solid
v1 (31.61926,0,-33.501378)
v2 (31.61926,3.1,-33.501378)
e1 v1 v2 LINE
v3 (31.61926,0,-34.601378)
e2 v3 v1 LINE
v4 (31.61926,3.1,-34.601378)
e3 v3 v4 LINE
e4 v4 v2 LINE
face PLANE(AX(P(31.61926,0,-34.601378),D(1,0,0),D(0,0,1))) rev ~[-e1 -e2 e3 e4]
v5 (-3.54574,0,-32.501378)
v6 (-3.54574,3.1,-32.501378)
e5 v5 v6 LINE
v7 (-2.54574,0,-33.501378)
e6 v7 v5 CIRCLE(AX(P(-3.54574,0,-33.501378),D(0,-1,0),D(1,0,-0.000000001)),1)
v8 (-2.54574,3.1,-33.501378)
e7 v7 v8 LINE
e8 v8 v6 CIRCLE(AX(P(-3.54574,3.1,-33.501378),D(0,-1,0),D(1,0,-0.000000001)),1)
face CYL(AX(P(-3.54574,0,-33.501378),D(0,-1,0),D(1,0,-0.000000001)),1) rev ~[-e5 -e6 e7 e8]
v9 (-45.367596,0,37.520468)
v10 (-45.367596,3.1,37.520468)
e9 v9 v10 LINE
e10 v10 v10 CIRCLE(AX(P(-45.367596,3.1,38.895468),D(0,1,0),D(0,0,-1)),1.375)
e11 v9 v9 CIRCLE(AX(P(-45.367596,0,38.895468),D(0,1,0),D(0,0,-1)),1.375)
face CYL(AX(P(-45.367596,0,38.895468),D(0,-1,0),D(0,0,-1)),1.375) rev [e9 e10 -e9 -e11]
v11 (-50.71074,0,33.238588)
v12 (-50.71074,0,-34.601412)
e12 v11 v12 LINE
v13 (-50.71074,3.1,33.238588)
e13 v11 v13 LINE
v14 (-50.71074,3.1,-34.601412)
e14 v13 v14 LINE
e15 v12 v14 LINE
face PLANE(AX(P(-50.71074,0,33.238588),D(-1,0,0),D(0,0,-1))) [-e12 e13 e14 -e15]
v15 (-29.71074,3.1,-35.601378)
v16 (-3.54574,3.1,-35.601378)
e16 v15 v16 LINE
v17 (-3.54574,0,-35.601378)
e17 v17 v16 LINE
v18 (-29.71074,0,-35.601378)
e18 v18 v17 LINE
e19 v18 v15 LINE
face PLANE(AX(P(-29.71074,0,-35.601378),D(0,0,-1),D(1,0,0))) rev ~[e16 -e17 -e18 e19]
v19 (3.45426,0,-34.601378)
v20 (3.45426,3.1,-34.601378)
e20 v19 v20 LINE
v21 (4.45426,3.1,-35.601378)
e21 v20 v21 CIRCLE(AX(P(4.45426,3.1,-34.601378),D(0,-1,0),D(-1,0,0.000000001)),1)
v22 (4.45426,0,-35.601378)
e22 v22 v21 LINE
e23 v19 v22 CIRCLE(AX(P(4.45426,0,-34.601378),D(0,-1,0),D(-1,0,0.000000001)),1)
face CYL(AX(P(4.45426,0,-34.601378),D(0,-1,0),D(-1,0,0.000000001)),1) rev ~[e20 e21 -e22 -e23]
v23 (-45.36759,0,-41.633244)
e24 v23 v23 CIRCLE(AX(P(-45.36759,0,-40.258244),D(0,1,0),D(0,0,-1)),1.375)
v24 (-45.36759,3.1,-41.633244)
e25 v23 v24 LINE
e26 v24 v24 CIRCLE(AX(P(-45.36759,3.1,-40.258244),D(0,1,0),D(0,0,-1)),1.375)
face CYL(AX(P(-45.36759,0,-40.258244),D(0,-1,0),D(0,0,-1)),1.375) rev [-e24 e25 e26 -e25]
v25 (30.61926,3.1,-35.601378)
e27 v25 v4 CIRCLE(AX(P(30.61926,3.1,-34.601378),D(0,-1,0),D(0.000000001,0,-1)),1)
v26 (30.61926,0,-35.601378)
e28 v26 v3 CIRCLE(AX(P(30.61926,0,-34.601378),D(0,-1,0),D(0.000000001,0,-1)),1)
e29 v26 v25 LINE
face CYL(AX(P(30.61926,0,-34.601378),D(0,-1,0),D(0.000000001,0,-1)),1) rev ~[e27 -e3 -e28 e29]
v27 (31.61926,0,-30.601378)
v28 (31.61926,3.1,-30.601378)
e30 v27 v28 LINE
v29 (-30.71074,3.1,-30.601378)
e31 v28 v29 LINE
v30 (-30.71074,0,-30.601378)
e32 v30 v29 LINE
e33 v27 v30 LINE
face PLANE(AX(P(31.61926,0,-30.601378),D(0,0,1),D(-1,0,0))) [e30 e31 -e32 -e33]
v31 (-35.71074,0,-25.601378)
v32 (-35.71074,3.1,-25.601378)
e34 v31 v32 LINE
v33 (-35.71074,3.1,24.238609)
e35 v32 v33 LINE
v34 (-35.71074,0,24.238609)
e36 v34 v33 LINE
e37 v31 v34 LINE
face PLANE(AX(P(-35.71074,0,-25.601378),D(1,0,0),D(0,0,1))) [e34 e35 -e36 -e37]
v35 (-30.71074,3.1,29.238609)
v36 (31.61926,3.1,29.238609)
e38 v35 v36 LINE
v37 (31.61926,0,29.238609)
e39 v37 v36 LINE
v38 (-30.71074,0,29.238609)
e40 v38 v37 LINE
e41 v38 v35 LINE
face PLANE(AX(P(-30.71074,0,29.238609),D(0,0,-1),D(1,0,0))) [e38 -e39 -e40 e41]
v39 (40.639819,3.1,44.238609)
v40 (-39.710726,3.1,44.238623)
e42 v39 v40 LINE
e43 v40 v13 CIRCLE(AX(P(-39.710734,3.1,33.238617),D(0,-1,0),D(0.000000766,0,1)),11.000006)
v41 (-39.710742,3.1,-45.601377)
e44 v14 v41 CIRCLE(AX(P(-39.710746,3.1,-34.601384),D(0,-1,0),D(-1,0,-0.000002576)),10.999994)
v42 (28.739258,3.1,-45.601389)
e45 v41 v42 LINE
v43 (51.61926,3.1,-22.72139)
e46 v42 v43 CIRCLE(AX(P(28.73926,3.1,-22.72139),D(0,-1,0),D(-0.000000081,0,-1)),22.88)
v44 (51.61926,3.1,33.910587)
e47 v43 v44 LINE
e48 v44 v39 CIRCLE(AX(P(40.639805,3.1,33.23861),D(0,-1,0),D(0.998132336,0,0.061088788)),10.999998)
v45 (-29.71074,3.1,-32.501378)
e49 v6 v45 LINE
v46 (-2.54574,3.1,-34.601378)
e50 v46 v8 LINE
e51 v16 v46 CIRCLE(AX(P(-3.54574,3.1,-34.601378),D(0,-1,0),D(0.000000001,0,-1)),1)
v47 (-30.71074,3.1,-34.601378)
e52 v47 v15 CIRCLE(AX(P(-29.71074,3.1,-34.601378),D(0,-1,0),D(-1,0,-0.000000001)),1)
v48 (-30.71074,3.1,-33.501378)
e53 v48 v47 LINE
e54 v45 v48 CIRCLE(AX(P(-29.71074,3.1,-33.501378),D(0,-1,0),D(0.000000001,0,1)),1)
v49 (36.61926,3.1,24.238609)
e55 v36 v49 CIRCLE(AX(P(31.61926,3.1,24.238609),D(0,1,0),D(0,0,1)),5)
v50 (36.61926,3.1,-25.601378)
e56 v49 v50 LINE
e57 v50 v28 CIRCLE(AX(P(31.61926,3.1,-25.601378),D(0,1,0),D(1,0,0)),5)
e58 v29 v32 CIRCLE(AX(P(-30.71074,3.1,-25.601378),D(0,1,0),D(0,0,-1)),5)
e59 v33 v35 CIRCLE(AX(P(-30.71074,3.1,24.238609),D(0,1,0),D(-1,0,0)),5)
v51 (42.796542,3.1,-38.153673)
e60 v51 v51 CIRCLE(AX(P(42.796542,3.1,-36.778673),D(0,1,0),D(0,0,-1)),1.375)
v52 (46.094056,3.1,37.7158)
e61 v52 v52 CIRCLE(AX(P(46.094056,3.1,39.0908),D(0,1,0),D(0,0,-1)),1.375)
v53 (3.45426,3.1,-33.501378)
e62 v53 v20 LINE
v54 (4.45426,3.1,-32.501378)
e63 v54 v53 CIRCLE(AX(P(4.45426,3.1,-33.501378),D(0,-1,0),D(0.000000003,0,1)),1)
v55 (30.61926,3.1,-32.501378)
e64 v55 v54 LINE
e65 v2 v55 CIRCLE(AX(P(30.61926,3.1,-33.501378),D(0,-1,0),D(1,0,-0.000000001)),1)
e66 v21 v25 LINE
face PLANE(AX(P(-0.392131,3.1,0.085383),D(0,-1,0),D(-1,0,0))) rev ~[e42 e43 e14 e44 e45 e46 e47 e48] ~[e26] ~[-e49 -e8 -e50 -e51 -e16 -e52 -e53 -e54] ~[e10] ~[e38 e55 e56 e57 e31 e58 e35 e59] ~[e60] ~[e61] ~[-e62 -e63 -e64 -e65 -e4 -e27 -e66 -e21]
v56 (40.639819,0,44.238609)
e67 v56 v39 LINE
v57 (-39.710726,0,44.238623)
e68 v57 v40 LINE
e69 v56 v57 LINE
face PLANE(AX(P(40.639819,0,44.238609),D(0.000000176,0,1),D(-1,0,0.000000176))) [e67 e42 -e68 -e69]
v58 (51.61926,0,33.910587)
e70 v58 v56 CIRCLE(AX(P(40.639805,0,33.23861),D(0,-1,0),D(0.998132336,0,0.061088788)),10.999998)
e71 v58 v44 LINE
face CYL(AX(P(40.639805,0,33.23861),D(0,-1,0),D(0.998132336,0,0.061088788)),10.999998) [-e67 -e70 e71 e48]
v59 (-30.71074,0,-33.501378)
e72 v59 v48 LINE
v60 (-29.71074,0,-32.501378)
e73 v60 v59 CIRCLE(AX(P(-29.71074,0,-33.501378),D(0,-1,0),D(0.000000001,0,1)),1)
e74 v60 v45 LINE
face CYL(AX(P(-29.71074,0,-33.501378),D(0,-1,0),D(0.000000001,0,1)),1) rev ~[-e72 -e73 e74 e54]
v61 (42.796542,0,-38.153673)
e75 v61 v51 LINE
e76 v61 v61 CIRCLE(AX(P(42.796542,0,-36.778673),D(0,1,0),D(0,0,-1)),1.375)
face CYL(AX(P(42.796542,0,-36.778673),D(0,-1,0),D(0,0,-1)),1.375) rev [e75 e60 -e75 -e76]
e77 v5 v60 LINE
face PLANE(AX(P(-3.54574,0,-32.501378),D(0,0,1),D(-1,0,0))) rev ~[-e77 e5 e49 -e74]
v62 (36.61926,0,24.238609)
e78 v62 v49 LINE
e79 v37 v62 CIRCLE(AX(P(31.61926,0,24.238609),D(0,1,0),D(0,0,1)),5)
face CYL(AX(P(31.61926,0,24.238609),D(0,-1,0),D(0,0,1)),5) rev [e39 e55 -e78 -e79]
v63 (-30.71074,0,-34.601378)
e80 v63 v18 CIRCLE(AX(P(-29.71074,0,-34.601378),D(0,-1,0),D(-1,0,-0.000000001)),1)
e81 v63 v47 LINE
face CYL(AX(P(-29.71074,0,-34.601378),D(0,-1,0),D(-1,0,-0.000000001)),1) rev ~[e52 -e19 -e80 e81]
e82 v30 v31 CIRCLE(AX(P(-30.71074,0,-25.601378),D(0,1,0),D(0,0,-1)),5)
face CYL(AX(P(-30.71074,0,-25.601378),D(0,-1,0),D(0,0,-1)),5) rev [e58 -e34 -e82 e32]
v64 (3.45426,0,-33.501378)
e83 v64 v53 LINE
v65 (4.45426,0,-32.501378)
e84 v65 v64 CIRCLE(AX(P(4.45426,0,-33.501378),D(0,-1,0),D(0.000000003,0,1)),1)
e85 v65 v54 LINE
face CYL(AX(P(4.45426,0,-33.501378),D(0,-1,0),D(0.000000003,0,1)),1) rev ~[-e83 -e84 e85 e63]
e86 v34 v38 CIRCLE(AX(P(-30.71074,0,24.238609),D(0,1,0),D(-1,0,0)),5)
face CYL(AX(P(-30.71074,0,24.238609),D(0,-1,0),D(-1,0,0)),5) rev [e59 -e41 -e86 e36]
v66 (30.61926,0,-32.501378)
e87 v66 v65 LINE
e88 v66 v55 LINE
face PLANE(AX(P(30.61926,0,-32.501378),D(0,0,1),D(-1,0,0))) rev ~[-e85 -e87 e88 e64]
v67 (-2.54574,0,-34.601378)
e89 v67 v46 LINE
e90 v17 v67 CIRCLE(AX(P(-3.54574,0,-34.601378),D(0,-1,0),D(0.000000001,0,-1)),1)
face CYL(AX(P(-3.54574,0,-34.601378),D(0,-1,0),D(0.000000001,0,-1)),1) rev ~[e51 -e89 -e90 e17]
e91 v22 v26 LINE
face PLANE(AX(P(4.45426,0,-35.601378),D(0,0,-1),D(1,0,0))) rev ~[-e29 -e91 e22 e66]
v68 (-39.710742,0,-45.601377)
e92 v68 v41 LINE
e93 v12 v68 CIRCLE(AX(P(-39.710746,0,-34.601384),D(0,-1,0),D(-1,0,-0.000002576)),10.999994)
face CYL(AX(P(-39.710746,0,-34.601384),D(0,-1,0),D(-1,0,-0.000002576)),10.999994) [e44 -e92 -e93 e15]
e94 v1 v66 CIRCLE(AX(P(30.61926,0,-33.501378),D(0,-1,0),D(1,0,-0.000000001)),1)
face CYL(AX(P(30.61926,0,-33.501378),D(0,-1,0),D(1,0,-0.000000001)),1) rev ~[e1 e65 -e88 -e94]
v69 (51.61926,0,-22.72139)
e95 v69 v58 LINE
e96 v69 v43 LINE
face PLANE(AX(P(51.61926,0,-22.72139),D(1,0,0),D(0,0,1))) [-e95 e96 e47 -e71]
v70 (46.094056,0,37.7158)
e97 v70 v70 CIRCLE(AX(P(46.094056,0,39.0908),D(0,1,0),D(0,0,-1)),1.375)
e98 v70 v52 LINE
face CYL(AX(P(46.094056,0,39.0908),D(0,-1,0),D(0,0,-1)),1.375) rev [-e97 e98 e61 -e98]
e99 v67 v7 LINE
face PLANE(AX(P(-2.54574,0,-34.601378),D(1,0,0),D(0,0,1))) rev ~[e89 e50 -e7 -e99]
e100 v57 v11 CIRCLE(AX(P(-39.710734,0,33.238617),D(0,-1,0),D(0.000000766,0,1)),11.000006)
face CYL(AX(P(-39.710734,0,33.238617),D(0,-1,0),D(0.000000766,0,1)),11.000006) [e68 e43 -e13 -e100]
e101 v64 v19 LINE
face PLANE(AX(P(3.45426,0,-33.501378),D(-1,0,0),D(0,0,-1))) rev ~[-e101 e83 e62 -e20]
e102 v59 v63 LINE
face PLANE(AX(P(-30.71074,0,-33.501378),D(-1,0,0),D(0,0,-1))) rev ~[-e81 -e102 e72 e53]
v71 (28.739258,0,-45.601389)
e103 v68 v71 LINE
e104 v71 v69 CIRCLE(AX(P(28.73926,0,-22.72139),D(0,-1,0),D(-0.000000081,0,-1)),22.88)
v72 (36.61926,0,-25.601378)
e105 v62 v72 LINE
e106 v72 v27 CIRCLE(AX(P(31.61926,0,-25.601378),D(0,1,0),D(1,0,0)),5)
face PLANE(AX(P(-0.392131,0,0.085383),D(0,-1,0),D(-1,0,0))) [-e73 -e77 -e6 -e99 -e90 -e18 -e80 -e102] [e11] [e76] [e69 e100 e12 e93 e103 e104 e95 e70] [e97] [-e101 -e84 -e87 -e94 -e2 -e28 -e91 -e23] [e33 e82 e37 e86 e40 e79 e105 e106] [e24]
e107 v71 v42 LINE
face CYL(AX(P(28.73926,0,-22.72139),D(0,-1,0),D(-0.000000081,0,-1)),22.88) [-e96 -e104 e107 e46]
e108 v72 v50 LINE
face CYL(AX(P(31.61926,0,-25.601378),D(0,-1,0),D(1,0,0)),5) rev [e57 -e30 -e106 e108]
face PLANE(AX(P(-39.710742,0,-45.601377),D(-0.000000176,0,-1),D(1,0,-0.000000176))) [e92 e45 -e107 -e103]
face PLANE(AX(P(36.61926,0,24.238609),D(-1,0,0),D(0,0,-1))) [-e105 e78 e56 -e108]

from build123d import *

# Parameters (mm, degrees)
SKETCH1_R           = 1.375
BOSS_EXTRUDE1_DEPTH = 3.1


with BuildPart() as part:
    # Sketch1 → Boss-Extrude1 (new body)
    with BuildSketch(Plane(origin=(0, 0, 0), x_dir=(1, 0, 0), z_dir=(0, 1, 0))):
        with BuildLine():
            Line((-39.71074184, 45.601377345), (28.739257907, 45.601389398))
            ThreePointArc((28.739257907, 45.601389398), (44.917862085, 38.899993272), (51.619259514, 22.721389634))
            Line((51.619259514, 22.721389634), (51.619259514, -33.910586665))
            ThreePointArc((51.619259514, -33.910586665), (48.176660713, -41.25083682), (40.639819253, -44.238608506))
            Line((40.639819253, -44.238608506), (-39.71072563, -44.238622655))
            ThreePointArc((-39.71072563, -44.238622655), (-47.488919901, -41.016788494), (-50.710740093, -33.238588436))
            Line((-50.710740093, -33.238588436), (-50.710740093, 34.601411853))
            ThreePointArc((-50.710740093, 34.601411853), (-47.48890491, 42.379565328), (-39.71074184, 45.601377345))
        make_face()
        with Locations(Location((-45.367589881, 40.25824398, 0), (0, 0, 90))):
            Circle(SKETCH1_R, mode=Mode.SUBTRACT)
        with Locations(Location((-45.367595522, -38.895467925, 0), (0, 0, 90))):
            Circle(SKETCH1_R, mode=Mode.SUBTRACT)
        with Locations(Location((46.094055761, -39.090799779, 0), (0, 0, 90))):
            Circle(SKETCH1_R, mode=Mode.SUBTRACT)
        with Locations(Location((42.796541827, 36.778672843, 0), (0, 0, 90))):
            Circle(SKETCH1_R, mode=Mode.SUBTRACT)
        with BuildLine():
            Line((36.619259514, -24.238609214), (36.619259514, 25.60137805))
            ThreePointArc((36.619259514, 25.60137805), (35.15479342, 29.136911955), (31.619259514, 30.60137805))
            Line((31.619259514, 30.60137805), (-30.710740093, 30.60137805))
            ThreePointArc((-30.710740093, 30.60137805), (-34.246273999, 29.136911955), (-35.710740093, 25.60137805))
            Line((-35.710740093, 25.60137805), (-35.710740093, -24.238609214))
            ThreePointArc((-35.710740093, -24.238609214), (-34.246273999, -27.77414312), (-30.710740093, -29.238609214))
            Line((-30.710740093, -29.238609214), (31.619259514, -29.238609214))
            ThreePointArc((31.619259514, -29.238609214), (35.15479342, -27.77414312), (36.619259514, -24.238609214))
        make_face(mode=Mode.SUBTRACT)
        with BuildLine():
            Line((4.454259711, 35.60137805), (30.619259514, 35.60137805))
            ThreePointArc((30.619259514, 35.60137805), (31.326366295, 35.308484831), (31.619259514, 34.60137805))
            Line((31.619259514, 34.60137805), (31.619259514, 33.50137805))
            ThreePointArc((31.619259514, 33.50137805), (31.326366295, 32.794271268), (30.619259514, 32.50137805))
            Line((30.619259514, 32.50137805), (4.454259711, 32.50137805))
            ThreePointArc((4.454259711, 32.50137805), (3.747152929, 32.794271268), (3.454259711, 33.50137805))
            Line((3.454259711, 33.50137805), (3.454259711, 34.60137805))
            ThreePointArc((3.454259711, 34.60137805), (3.747152929, 35.308484831), (4.454259711, 35.60137805))
        make_face(mode=Mode.SUBTRACT)
        with BuildLine():
            Line((-29.710740093, 35.60137805), (-3.545740289, 35.60137805))
            ThreePointArc((-3.545740289, 35.60137805), (-2.838633508, 35.308484831), (-2.545740289, 34.60137805))
            Line((-2.545740289, 34.60137805), (-2.545740289, 33.50137805))
            ThreePointArc((-2.545740289, 33.50137805), (-2.838633508, 32.794271268), (-3.545740289, 32.50137805))
            Line((-3.545740289, 32.50137805), (-29.710740093, 32.50137805))
            ThreePointArc((-29.710740093, 32.50137805), (-30.417846874, 32.794271268), (-30.710740093, 33.50137805))
            Line((-30.710740093, 33.50137805), (-30.710740093, 34.60137805))
            ThreePointArc((-30.710740093, 34.60137805), (-30.417846874, 35.308484831), (-29.710740093, 35.60137805))
        make_face(mode=Mode.SUBTRACT)
    extrude(amount=BOSS_EXTRUDE1_DEPTH)


solid = part.part
